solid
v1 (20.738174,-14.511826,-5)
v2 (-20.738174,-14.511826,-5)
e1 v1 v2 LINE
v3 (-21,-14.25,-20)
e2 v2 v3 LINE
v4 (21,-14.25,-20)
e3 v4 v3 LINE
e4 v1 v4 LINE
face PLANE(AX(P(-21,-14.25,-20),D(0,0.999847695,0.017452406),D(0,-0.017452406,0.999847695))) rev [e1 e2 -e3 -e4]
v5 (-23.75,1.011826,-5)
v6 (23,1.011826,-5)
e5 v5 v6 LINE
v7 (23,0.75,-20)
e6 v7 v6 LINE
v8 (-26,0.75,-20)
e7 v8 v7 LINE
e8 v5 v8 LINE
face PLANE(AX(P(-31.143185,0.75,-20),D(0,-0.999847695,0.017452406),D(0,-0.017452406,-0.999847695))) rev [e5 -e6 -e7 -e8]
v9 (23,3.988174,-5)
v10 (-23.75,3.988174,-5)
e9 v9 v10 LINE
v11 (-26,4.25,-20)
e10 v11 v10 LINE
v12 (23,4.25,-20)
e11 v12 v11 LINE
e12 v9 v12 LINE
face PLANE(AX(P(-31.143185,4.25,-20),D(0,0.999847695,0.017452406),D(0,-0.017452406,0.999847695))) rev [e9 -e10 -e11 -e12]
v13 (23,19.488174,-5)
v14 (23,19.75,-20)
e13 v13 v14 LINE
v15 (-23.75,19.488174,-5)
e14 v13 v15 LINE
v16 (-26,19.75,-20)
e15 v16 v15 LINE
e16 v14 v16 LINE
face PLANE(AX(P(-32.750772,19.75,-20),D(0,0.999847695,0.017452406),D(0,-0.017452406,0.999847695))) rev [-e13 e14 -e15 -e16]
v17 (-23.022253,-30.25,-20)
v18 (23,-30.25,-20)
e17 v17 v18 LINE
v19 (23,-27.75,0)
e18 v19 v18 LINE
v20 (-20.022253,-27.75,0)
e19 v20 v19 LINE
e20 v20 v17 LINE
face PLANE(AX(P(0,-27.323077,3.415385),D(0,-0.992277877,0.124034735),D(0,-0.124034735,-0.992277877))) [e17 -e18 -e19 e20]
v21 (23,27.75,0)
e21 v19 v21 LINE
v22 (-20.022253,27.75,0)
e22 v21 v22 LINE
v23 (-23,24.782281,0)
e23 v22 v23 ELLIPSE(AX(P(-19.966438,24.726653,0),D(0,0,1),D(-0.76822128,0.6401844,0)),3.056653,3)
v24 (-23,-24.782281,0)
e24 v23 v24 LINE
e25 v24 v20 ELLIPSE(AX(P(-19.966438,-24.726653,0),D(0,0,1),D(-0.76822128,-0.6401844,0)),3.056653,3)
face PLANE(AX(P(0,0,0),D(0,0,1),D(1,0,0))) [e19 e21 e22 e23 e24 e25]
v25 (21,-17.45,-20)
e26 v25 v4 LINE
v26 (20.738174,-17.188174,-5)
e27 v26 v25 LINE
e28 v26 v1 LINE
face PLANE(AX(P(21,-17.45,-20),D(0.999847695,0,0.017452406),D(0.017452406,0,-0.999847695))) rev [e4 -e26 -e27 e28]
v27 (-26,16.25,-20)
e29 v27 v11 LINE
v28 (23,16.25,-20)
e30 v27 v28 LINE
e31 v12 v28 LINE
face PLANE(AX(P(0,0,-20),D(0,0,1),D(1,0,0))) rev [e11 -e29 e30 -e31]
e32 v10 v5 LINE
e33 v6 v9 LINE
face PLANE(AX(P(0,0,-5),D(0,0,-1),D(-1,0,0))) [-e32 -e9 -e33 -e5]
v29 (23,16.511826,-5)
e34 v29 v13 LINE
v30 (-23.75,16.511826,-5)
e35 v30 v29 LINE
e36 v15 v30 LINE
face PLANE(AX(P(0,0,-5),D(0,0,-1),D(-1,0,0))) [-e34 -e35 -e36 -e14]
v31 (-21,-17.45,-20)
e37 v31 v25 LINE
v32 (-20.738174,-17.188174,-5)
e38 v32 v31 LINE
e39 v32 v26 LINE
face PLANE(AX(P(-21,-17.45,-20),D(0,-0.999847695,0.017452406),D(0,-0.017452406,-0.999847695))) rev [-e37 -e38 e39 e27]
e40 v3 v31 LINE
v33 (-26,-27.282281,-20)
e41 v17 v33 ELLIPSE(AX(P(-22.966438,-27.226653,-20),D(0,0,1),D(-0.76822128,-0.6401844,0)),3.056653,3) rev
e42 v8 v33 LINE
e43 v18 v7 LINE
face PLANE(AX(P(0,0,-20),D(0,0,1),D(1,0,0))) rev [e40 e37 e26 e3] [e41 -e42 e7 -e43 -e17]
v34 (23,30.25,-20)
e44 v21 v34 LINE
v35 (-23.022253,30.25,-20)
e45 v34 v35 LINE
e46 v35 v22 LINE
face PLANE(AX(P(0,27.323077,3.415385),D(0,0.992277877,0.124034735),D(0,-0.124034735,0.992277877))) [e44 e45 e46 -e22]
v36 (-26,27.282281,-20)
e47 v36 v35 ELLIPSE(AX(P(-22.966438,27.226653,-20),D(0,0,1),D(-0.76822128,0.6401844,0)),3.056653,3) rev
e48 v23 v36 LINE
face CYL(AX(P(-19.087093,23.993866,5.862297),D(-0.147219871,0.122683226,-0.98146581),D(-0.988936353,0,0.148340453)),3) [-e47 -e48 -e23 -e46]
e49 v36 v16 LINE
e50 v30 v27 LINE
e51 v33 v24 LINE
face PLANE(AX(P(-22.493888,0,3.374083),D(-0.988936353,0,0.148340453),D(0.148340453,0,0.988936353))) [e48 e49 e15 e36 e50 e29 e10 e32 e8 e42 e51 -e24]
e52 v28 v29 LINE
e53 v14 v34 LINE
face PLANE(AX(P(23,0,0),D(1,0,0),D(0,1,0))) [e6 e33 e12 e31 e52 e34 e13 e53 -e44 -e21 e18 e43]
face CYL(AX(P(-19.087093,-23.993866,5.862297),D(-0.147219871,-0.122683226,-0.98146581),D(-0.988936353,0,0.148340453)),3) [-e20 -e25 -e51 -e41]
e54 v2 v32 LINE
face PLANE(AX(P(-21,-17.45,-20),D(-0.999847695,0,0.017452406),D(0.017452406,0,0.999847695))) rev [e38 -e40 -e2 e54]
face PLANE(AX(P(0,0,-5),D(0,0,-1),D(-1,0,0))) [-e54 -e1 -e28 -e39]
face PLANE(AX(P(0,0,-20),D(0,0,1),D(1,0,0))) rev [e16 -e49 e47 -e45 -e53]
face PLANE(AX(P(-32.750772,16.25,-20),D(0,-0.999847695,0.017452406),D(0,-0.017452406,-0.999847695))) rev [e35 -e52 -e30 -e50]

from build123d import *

# Parameters (mm, degrees)
ESQUISSE3_W                       = 60.424633044
ESQUISSE3_H                       = 3.5
ENL_V_MAT_EXTRU_3_DEPTH           = 15
ENL_V_MAT_EXTRU_3_DRAFT           = 1
ENL_V_MAT_EXTRU_3_PROFILE_2_DEPTH = 15
ENL_V_MAT_EXTRU_3_PROFILE_2_DRAFT = 1
ESQUISSE3_W_2                     = 42
ESQUISSE3_H_2                     = 3.2
ENL_V_MAT_EXTRU_3_PROFILE_3_DEPTH = 15
ENL_V_MAT_EXTRU_3_PROFILE_3_DRAFT = 1
CONG_1_R                          = 3


with BuildPart() as part:
    # Esquisse1 → Lissage1 section 0
    with BuildSketch(Plane.XY):
        with BuildLine():
            Line((-23, 27.75), (23, 27.75))
            Line((23, 27.75), (23, -27.75))
            Line((23, -27.75), (-23, -27.75))
            Line((-23, -27.75), (-23, 27.75))
        make_face()
    # Esquisse2 → Lissage1 section 1
    with BuildSketch(Plane.XY.offset(-20)):
        with BuildLine():
            Line((-26, 30.25), (23, 30.25))
            Line((23, 30.25), (23, -30.25))
            Line((23, -30.25), (-26, -30.25))
            Line((-26, -30.25), (-26, 30.25))
        make_face()
    loft()


with BuildPart() as enl_v_mat_extru_3_tool:
    # Esquisse3 → Enlèv. mat.-Extru.3 (with draft: the straight prism first)
    with BuildSketch(Plane.XY.offset(-20)):
        with Locations((-0.930868515, 2.5)):
            Rectangle(ESQUISSE3_W, ESQUISSE3_H)
    extrude(amount=ENL_V_MAT_EXTRU_3_DEPTH)
    # Enlèv. mat.-Extru.3: the draft: its side faces are tilted about the plane it starts from
    enl_v_mat_extru_3_sides = [enl_v_mat_extru_3_tool.faces().sort_by_distance(p)[0] for p in [
        (-0.930868515, 0.75, -12.5),
        (29.281448007, 2.5, -12.5),
        (-0.930868515, 4.25, -12.5),
        (-31.143185037, 2.5, -12.5),
    ]]
    draft(enl_v_mat_extru_3_sides, Plane.XY.offset(-20), ENL_V_MAT_EXTRU_3_DRAFT)


with BuildPart() as part_1:
    add(part.part)

    # Enlèv. mat.-Extru.3: cut by enl_v_mat_extru_3_tool
    add(enl_v_mat_extru_3_tool.part, mode=Mode.SUBTRACT)


with BuildPart() as enl_v_mat_extru_3_profile_2_tool:
    # Esquisse3 → Enlèv. mat.-Extru.3 profile 2 (with draft: the straight prism first)
    with BuildSketch(Plane.XY.offset(-20)):
        with Locations((-2.538455813, 18)):
            Rectangle(ESQUISSE3_W, ESQUISSE3_H)
    extrude(amount=ENL_V_MAT_EXTRU_3_PROFILE_2_DEPTH)
    # Enlèv. mat.-Extru.3 profile 2: the draft: its side faces are tilted about the plane it starts from
    enl_v_mat_extru_3_profile_2_sides = [enl_v_mat_extru_3_profile_2_tool.faces().sort_by_distance(p)[0] for p in [
        (-2.538455813, 16.25, -12.5),
        (27.673860709, 18, -12.5),
        (-2.538455813, 19.75, -12.5),
        (-32.750772335, 18, -12.5),
    ]]
    draft(enl_v_mat_extru_3_profile_2_sides, Plane.XY.offset(-20), ENL_V_MAT_EXTRU_3_PROFILE_2_DRAFT)


with BuildPart() as part_2:
    add(part_1.part)

    # Enlèv. mat.-Extru.3 profile 2: cut by enl_v_mat_extru_3_profile_2_tool
    add(enl_v_mat_extru_3_profile_2_tool.part, mode=Mode.SUBTRACT)


with BuildPart() as enl_v_mat_extru_3_profile_3_tool:
    # Esquisse3 → Enlèv. mat.-Extru.3 profile 3 (with draft: the straight prism first)
    with BuildSketch(Plane.XY.offset(-20)):
        with Locations((0, -15.85)):
            Rectangle(ESQUISSE3_W_2, ESQUISSE3_H_2)
    extrude(amount=ENL_V_MAT_EXTRU_3_PROFILE_3_DEPTH)
    # Enlèv. mat.-Extru.3 profile 3: the draft: its side faces are tilted about the plane it starts from
    enl_v_mat_extru_3_profile_3_sides = [enl_v_mat_extru_3_profile_3_tool.faces().sort_by_distance(p)[0] for p in [
        (0, -17.45, -12.5),
        (21, -15.85, -12.5),
        (0, -14.25, -12.5),
        (-21, -15.85, -12.5),
    ]]
    draft(enl_v_mat_extru_3_profile_3_sides, Plane.XY.offset(-20), ENL_V_MAT_EXTRU_3_PROFILE_3_DRAFT)


with BuildPart() as part_3:
    add(part_2.part)

    # Enlèv. mat.-Extru.3 profile 3: cut by enl_v_mat_extru_3_profile_3_tool
    add(enl_v_mat_extru_3_profile_3_tool.part, mode=Mode.SUBTRACT)

    # Congé1
    cong_1_edges = [part_3.edges().sort_by_distance(p)[0] for p in [
        (-24.5, 29, -10),
        (-24.5, -29, -10),
    ]]
    fillet(cong_1_edges, radius=CONG_1_R)


solid = part_3.part
